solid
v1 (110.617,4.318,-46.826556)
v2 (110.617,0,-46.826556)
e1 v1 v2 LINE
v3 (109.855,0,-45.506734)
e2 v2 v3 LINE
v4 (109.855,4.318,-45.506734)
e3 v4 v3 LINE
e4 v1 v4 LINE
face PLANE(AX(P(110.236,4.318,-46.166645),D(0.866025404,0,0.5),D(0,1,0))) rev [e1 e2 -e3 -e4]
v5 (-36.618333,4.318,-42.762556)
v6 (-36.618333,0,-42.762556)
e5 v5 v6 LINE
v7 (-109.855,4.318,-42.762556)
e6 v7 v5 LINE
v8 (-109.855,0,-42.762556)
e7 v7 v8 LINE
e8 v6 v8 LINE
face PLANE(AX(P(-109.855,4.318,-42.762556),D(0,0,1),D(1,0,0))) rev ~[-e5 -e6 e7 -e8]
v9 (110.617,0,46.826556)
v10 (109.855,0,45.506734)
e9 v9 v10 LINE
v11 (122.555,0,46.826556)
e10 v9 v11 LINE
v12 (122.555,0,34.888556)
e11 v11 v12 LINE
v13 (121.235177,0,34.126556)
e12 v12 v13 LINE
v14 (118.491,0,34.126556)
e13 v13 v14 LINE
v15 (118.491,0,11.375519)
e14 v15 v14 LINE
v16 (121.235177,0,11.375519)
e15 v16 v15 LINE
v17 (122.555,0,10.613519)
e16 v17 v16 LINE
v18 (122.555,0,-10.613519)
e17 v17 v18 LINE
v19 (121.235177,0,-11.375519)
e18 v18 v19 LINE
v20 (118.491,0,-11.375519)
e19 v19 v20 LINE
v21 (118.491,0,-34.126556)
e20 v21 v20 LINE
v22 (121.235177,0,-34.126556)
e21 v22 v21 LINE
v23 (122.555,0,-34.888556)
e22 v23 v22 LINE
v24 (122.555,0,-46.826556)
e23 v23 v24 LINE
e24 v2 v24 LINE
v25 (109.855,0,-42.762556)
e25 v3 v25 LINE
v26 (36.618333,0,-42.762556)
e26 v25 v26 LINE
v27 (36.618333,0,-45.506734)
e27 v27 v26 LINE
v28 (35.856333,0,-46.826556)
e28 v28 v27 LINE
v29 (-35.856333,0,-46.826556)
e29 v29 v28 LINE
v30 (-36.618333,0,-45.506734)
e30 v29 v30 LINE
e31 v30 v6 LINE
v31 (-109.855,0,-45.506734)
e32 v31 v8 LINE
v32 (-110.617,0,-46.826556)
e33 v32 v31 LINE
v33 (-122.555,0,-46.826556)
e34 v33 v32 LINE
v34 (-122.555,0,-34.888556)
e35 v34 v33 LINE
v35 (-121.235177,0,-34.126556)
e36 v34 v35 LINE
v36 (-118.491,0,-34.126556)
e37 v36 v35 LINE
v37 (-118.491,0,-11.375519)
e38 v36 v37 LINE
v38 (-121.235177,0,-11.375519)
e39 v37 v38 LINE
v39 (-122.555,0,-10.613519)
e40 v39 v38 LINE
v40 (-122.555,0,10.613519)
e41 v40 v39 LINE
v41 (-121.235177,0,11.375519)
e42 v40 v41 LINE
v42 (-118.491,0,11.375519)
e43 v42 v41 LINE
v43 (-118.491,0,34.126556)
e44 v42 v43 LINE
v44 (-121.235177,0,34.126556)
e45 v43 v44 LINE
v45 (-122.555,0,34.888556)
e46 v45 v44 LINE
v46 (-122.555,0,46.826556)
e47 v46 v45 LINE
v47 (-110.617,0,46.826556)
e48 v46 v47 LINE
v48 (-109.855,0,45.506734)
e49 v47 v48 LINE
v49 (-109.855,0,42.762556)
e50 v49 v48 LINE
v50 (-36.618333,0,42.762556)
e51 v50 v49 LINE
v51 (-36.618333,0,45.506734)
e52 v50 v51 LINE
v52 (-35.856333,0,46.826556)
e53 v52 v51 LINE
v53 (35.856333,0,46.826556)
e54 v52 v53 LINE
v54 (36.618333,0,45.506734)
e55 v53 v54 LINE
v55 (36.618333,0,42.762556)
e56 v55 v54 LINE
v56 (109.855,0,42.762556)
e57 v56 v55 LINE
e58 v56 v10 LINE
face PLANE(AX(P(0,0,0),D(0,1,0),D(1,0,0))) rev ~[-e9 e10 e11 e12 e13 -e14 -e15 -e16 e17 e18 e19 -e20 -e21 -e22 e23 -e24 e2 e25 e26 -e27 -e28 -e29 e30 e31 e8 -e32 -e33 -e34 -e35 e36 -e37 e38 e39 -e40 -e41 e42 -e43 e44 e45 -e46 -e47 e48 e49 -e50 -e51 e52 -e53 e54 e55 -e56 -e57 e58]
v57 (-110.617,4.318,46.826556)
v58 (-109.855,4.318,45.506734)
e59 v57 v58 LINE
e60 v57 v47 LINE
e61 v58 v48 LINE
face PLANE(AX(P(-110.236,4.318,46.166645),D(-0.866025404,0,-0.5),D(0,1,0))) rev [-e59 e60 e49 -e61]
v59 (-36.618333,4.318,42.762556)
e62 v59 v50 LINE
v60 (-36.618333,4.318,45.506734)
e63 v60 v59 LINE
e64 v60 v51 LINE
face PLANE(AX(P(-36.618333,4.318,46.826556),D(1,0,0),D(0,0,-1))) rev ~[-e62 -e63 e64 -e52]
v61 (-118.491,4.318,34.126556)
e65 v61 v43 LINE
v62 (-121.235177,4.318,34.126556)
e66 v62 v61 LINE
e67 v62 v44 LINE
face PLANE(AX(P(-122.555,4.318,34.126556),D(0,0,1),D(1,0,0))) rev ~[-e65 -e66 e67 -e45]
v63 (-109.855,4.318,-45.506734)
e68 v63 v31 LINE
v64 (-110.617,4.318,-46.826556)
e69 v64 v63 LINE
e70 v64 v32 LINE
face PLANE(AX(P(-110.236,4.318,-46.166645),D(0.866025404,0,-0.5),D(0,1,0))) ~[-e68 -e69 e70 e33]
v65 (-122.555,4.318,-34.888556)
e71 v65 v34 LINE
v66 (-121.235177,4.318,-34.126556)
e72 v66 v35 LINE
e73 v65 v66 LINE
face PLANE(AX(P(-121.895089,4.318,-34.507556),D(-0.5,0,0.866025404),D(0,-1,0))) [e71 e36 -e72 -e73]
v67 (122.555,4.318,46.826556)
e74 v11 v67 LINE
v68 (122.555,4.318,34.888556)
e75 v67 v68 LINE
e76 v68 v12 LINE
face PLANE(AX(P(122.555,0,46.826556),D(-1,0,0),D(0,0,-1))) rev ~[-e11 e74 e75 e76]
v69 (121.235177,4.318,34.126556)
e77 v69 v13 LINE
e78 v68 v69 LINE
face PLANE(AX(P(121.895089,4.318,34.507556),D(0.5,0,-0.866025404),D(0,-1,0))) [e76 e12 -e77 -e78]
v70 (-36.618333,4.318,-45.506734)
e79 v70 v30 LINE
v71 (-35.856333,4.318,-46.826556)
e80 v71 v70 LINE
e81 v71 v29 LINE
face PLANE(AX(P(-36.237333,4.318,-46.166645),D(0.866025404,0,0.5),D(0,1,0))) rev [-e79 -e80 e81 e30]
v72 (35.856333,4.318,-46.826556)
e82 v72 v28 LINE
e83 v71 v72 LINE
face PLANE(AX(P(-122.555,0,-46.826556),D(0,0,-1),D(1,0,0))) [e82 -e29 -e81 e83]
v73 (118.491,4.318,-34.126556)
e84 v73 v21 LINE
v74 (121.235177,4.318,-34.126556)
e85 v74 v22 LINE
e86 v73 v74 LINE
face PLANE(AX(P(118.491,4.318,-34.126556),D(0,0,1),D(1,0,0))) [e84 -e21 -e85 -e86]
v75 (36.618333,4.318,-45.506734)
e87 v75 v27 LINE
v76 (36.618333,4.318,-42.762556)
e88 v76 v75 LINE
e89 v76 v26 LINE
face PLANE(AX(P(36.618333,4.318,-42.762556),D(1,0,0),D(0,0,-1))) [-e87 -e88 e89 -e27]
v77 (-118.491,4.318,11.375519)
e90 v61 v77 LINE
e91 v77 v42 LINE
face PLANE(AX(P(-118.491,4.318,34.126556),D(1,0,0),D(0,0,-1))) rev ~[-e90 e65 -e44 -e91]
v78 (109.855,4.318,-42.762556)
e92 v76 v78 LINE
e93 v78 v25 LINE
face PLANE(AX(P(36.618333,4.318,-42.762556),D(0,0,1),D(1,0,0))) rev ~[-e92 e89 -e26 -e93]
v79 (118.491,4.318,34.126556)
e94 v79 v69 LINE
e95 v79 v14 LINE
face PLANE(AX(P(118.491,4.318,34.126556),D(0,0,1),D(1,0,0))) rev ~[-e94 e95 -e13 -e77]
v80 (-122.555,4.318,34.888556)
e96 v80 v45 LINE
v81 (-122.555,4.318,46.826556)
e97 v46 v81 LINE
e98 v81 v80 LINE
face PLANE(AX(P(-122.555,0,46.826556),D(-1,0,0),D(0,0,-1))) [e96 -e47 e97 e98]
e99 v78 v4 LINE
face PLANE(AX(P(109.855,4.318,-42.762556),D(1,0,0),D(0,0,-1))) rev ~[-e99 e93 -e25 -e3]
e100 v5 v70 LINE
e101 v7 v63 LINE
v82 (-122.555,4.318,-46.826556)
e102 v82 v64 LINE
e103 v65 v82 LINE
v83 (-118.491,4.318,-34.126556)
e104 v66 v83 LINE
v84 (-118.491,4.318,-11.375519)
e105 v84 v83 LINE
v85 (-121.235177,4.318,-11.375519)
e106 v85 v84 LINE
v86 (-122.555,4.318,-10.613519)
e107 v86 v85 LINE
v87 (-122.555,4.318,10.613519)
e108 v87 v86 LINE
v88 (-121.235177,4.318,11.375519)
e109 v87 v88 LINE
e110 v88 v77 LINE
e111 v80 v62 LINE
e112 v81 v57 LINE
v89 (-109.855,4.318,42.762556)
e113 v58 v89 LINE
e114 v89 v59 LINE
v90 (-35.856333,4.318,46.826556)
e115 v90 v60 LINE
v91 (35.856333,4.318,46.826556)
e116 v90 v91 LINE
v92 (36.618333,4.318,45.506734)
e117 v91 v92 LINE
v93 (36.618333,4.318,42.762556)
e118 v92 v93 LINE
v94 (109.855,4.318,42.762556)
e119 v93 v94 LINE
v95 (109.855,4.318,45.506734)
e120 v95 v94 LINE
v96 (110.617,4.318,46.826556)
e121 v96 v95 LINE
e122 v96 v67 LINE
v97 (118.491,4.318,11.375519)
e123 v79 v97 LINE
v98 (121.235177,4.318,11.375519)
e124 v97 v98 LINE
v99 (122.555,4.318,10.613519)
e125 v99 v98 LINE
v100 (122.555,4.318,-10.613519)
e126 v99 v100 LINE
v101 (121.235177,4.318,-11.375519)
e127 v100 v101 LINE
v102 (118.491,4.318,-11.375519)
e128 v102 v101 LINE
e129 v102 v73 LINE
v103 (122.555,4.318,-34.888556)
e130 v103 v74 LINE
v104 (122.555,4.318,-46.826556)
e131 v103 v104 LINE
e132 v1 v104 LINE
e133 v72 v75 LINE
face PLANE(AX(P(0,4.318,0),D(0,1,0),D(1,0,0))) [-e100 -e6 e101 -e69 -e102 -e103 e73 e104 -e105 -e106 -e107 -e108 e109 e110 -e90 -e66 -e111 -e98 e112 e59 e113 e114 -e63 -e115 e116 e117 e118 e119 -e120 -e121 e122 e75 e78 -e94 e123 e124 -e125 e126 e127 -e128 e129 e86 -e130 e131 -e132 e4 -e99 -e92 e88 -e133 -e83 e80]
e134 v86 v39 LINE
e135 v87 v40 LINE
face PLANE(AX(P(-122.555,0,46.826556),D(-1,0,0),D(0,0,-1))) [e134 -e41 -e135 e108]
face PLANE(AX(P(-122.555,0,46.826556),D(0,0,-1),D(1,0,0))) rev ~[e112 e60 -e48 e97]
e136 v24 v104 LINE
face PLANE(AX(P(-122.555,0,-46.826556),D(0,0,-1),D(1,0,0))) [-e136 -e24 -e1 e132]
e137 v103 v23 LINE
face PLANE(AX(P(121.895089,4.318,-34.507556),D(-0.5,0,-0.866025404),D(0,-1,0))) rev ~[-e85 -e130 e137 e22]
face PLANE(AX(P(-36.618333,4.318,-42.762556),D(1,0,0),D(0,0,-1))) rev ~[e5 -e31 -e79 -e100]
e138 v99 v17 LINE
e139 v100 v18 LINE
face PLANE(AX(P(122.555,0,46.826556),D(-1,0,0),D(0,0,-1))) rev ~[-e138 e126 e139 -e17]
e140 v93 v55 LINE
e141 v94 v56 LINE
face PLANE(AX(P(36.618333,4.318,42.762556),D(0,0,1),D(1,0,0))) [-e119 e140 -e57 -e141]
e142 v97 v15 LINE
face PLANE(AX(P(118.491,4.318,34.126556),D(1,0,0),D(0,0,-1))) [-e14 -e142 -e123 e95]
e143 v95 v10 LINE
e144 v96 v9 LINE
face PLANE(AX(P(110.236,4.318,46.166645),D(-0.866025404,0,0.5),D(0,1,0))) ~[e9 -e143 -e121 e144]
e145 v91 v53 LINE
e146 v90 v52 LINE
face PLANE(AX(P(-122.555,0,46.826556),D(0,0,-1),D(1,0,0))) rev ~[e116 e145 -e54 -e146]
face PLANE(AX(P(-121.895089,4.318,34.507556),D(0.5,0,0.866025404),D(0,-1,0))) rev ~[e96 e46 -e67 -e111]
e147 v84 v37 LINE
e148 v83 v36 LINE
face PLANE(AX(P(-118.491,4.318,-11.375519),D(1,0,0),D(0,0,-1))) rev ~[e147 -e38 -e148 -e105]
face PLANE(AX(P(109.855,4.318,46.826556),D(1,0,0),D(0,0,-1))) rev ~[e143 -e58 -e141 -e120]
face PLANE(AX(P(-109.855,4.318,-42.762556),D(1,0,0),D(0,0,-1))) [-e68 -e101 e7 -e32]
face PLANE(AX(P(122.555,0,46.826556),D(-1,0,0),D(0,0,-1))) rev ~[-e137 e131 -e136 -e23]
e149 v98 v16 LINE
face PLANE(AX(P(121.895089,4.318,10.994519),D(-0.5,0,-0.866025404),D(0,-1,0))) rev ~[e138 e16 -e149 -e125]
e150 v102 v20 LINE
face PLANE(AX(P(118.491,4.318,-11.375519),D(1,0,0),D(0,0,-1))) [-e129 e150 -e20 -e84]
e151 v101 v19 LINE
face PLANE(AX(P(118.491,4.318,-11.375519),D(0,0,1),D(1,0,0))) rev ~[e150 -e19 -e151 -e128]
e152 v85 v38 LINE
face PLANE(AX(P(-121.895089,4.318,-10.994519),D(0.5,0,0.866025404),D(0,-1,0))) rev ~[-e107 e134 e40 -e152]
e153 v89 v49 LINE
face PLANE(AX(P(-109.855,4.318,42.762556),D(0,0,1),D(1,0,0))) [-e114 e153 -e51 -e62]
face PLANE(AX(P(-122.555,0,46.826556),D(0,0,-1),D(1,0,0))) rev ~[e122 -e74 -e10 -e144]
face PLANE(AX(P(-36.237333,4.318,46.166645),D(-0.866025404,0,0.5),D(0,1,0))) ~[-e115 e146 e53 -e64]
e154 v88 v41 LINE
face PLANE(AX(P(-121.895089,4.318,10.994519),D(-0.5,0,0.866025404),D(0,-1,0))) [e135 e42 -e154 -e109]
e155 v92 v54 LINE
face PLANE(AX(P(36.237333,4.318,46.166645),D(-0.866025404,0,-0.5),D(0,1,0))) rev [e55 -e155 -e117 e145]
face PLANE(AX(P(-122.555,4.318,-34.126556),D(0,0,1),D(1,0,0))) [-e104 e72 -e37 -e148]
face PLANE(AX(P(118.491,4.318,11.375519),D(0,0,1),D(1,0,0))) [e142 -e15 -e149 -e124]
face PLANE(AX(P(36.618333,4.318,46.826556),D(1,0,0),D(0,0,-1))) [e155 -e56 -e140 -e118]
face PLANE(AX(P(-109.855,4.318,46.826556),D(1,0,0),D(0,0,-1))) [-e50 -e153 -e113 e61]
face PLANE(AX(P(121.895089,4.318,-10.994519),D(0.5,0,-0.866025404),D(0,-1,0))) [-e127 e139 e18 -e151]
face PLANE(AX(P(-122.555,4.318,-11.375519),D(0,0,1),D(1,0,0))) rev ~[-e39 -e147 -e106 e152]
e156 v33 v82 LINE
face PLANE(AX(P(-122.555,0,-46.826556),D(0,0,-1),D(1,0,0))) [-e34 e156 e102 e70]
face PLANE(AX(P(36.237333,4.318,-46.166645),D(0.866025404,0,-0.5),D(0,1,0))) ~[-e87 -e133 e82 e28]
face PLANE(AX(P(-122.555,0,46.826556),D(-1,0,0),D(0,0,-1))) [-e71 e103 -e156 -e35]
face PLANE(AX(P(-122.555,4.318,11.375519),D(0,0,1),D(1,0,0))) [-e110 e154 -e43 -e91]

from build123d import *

# Parameters (mm, degrees)
SKETCH1_W             = 245.11
SKETCH1_H             = 93.653112922
BOSS_EXTRUDE1_DEPTH   = 4.318
CUT_EXTRUDE1_REACH    = 6.318
SKETCH2_W             = 4.064
SKETCH2_H             = 22.751037641
SKETCH2_W_2           = 73.236666667
SKETCH2_H_2           = 4.064
CHAMFER1_SIZE         = 0.762
CHAMFER1_SIZE2        = 1.319822715
CHAMFER1_PART_2_SIZE  = 0.762
CHAMFER1_PART_2_SIZE2 = 1.319822715
CHAMFER1_PART_3_SIZE  = 0.762
CHAMFER1_PART_3_SIZE2 = 1.319822715
CHAMFER1_PART_4_SIZE  = 0.762
CHAMFER1_PART_4_SIZE2 = 1.319822715
CHAMFER1_PART_5_SIZE  = 0.762
CHAMFER1_PART_5_SIZE2 = 1.319822715
CHAMFER1_PART_6_SIZE  = 0.762
CHAMFER1_PART_6_SIZE2 = 1.319822715
CHAMFER1_PART_7_SIZE  = 0.762
CHAMFER1_PART_7_SIZE2 = 1.319822715
CHAMFER1_PART_8_SIZE  = 0.762
CHAMFER1_PART_8_SIZE2 = 1.319822715
CHAMFER2_SIZE         = 0.762
CHAMFER2_SIZE2        = 1.319822715
CHAMFER2_PART_2_SIZE  = 0.762
CHAMFER2_PART_2_SIZE2 = 1.319822715
CHAMFER2_PART_3_SIZE  = 0.762
CHAMFER2_PART_3_SIZE2 = 1.319822715
CHAMFER2_PART_4_SIZE  = 0.762
CHAMFER2_PART_4_SIZE2 = 1.319822715
CHAMFER2_PART_5_SIZE  = 0.762
CHAMFER2_PART_5_SIZE2 = 1.319822715
CHAMFER2_PART_6_SIZE  = 0.762
CHAMFER2_PART_6_SIZE2 = 1.319822715
CHAMFER2_PART_7_SIZE  = 0.762
CHAMFER2_PART_7_SIZE2 = 1.319822715
CHAMFER2_PART_8_SIZE  = 0.762
CHAMFER2_PART_8_SIZE2 = 1.319822715


with BuildPart() as part:
    # Sketch1 → Boss-Extrude1 (new body)
    with BuildSketch(Plane(origin=(0, 0, 0), x_dir=(1, 0, 0), z_dir=(0, 1, 0))):
        Rectangle(SKETCH1_W, SKETCH1_H)
    extrude(amount=BOSS_EXTRUDE1_DEPTH)

    # Sketch2 → Cut-Extrude1 (cut, up to next)
    with BuildSketch(Plane(origin=(0, 4.318, 0), x_dir=(1, 0, 0), z_dir=(0, 1, 0)), mode=Mode.PRIVATE) as cut_extrude1_sk1:
        with Locations((-120.523, 22.751037641)):
            Rectangle(SKETCH2_W, SKETCH2_H)
    cut_extrude1_tool1 = extrude(cut_extrude1_sk1.sketch, amount=-CUT_EXTRUDE1_REACH, mode=Mode.PRIVATE) & part.part
    add(cut_extrude1_tool1.solids().sort_by_distance((-120.523, 4.318, -22.751038))[0], mode=Mode.SUBTRACT)
    # Sketch2 → Cut-Extrude1 (cut, up to next)
    with BuildSketch(Plane(origin=(0, 4.318, 0), x_dir=(1, 0, 0), z_dir=(0, 1, 0)), mode=Mode.PRIVATE) as cut_extrude1_sk2:
        with Locations((-73.236666666, -44.794556461)):
            Rectangle(SKETCH2_W_2, SKETCH2_H_2)
    cut_extrude1_tool2 = extrude(cut_extrude1_sk2.sketch, amount=-CUT_EXTRUDE1_REACH, mode=Mode.PRIVATE) & part.part
    add(cut_extrude1_tool2.solids().sort_by_distance((-73.236667, 4.318, 44.794556))[0], mode=Mode.SUBTRACT)
    # Sketch2 → Cut-Extrude1 (cut, up to next)
    with BuildSketch(Plane(origin=(0, 4.318, 0), x_dir=(1, 0, 0), z_dir=(0, 1, 0)), mode=Mode.PRIVATE) as cut_extrude1_sk3:
        with Locations((73.236666666, -44.794556461)):
            Rectangle(SKETCH2_W_2, SKETCH2_H_2)
    cut_extrude1_tool3 = extrude(cut_extrude1_sk3.sketch, amount=-CUT_EXTRUDE1_REACH, mode=Mode.PRIVATE) & part.part
    add(cut_extrude1_tool3.solids().sort_by_distance((73.236667, 4.318, 44.794556))[0], mode=Mode.SUBTRACT)
    # Sketch2 → Cut-Extrude1 (cut, up to next)
    with BuildSketch(Plane(origin=(0, 4.318, 0), x_dir=(1, 0, 0), z_dir=(0, 1, 0)), mode=Mode.PRIVATE) as cut_extrude1_sk4:
        with Locations((-120.523, -22.751037641)):
            Rectangle(SKETCH2_W, SKETCH2_H)
    cut_extrude1_tool4 = extrude(cut_extrude1_sk4.sketch, amount=-CUT_EXTRUDE1_REACH, mode=Mode.PRIVATE) & part.part
    add(cut_extrude1_tool4.solids().sort_by_distance((-120.523, 4.318, 22.751038))[0], mode=Mode.SUBTRACT)
    # Sketch2 → Cut-Extrude1 (cut, up to next)
    with BuildSketch(Plane(origin=(0, 4.318, 0), x_dir=(1, 0, 0), z_dir=(0, 1, 0)), mode=Mode.PRIVATE) as cut_extrude1_sk5:
        with Locations((-73.236666666, 44.794556461)):
            Rectangle(SKETCH2_W_2, SKETCH2_H_2)
    cut_extrude1_tool5 = extrude(cut_extrude1_sk5.sketch, amount=-CUT_EXTRUDE1_REACH, mode=Mode.PRIVATE) & part.part
    add(cut_extrude1_tool5.solids().sort_by_distance((-73.236667, 4.318, -44.794556))[0], mode=Mode.SUBTRACT)
    # Sketch2 → Cut-Extrude1 (cut, up to next)
    with BuildSketch(Plane(origin=(0, 4.318, 0), x_dir=(1, 0, 0), z_dir=(0, 1, 0)), mode=Mode.PRIVATE) as cut_extrude1_sk6:
        with Locations((73.236666666, 44.794556461)):
            Rectangle(SKETCH2_W_2, SKETCH2_H_2)
    cut_extrude1_tool6 = extrude(cut_extrude1_sk6.sketch, amount=-CUT_EXTRUDE1_REACH, mode=Mode.PRIVATE) & part.part
    add(cut_extrude1_tool6.solids().sort_by_distance((73.236667, 4.318, -44.794556))[0], mode=Mode.SUBTRACT)
    # Sketch2 → Cut-Extrude1 (cut, up to next)
    with BuildSketch(Plane(origin=(0, 4.318, 0), x_dir=(1, 0, 0), z_dir=(0, 1, 0)), mode=Mode.PRIVATE) as cut_extrude1_sk7:
        with Locations((120.523, 22.751037641)):
            Rectangle(SKETCH2_W, SKETCH2_H)
    cut_extrude1_tool7 = extrude(cut_extrude1_sk7.sketch, amount=-CUT_EXTRUDE1_REACH, mode=Mode.PRIVATE) & part.part
    add(cut_extrude1_tool7.solids().sort_by_distance((120.523, 4.318, -22.751038))[0], mode=Mode.SUBTRACT)
    # Sketch2 → Cut-Extrude1 (cut, up to next)
    with BuildSketch(Plane(origin=(0, 4.318, 0), x_dir=(1, 0, 0), z_dir=(0, 1, 0)), mode=Mode.PRIVATE) as cut_extrude1_sk8:
        with Locations((120.523, -22.751037641)):
            Rectangle(SKETCH2_W, SKETCH2_H)
    cut_extrude1_tool8 = extrude(cut_extrude1_sk8.sketch, amount=-CUT_EXTRUDE1_REACH, mode=Mode.PRIVATE) & part.part
    add(cut_extrude1_tool8.solids().sort_by_distance((120.523, 4.318, 22.751038))[0], mode=Mode.SUBTRACT)

    # Chamfer1
    chamfer1_edges = [part.edges().sort_by_distance(p)[0] for p in [
        (109.855, 2.159, -46.826556461),
    ]]
    chamfer1_side = [part.faces().sort_by_distance(p)[0] for p in [
        (116.205, 2.159, -46.826556461),
    ]]
    chamfer(chamfer1_edges, length=CHAMFER1_SIZE, length2=CHAMFER1_SIZE2, reference=chamfer1_side[0])

    # Chamfer1 part 2
    chamfer1_part_2_edges = [part.edges().sort_by_distance(p)[0] for p in [
        (-109.855, 2.159, 46.826556461),
    ]]
    chamfer1_part_2_side = [part.faces().sort_by_distance(p)[0] for p in [
        (-116.205, 2.159, 46.826556461),
    ]]
    chamfer(chamfer1_part_2_edges, length=CHAMFER1_PART_2_SIZE, length2=CHAMFER1_PART_2_SIZE2, reference=chamfer1_part_2_side[0])

    # Chamfer1 part 3
    chamfer1_part_3_edges = [part.edges().sort_by_distance(p)[0] for p in [
        (-36.618333333, 2.159, -46.826556461),
    ]]
    chamfer1_part_3_side = [part.faces().sort_by_distance(p)[0] for p in [
        (0, 2.159, -46.826556461),
    ]]
    chamfer(chamfer1_part_3_edges, length=CHAMFER1_PART_3_SIZE, length2=CHAMFER1_PART_3_SIZE2, reference=chamfer1_part_3_side[0])

    # Chamfer1 part 4
    chamfer1_part_4_edges = [part.edges().sort_by_distance(p)[0] for p in [
        (-122.555, 2.159, 11.37551882),
    ]]
    chamfer1_part_4_side = [part.faces().sort_by_distance(p)[0] for p in [
        (-122.555, 2.159, 0),
    ]]
    chamfer(chamfer1_part_4_edges, length=CHAMFER1_PART_4_SIZE, length2=CHAMFER1_PART_4_SIZE2, reference=chamfer1_part_4_side[0])

    # Chamfer1 part 5
    chamfer1_part_5_edges = [part.edges().sort_by_distance(p)[0] for p in [
        (122.555, 2.159, 34.126556461),
    ]]
    chamfer1_part_5_side = [part.faces().sort_by_distance(p)[0] for p in [
        (122.555, 2.159, 40.476556461),
    ]]
    chamfer(chamfer1_part_5_edges, length=CHAMFER1_PART_5_SIZE, length2=CHAMFER1_PART_5_SIZE2, reference=chamfer1_part_5_side[0])

    # Chamfer1 part 6
    chamfer1_part_6_edges = [part.edges().sort_by_distance(p)[0] for p in [
        (122.555, 2.159, -11.37551882),
    ]]
    chamfer1_part_6_side = [part.faces().sort_by_distance(p)[0] for p in [
        (122.555, 2.159, 0),
    ]]
    chamfer(chamfer1_part_6_edges, length=CHAMFER1_PART_6_SIZE, length2=CHAMFER1_PART_6_SIZE2, reference=chamfer1_part_6_side[0])

    # Chamfer1 part 7
    chamfer1_part_7_edges = [part.edges().sort_by_distance(p)[0] for p in [
        (36.618333333, 2.159, 46.826556461),
    ]]
    chamfer1_part_7_side = [part.faces().sort_by_distance(p)[0] for p in [
        (0, 2.159, 46.826556461),
    ]]
    chamfer(chamfer1_part_7_edges, length=CHAMFER1_PART_7_SIZE, length2=CHAMFER1_PART_7_SIZE2, reference=chamfer1_part_7_side[0])

    # Chamfer1 part 8
    chamfer1_part_8_edges = [part.edges().sort_by_distance(p)[0] for p in [
        (-122.555, 2.159, -34.126556461),
    ]]
    chamfer1_part_8_side = [part.faces().sort_by_distance(p)[0] for p in [
        (-122.555, 2.159, -40.476556461),
    ]]
    chamfer(chamfer1_part_8_edges, length=CHAMFER1_PART_8_SIZE, length2=CHAMFER1_PART_8_SIZE2, reference=chamfer1_part_8_side[0])

    # Chamfer2
    chamfer2_edges = [part.edges().sort_by_distance(p)[0] for p in [
        (36.618333333, 2.159, -46.826556461),
    ]]
    chamfer2_side = [part.faces().sort_by_distance(p)[0] for p in [
        (0.381, 2.159, -46.826556461),
    ]]
    chamfer(chamfer2_edges, length=CHAMFER2_SIZE, length2=CHAMFER2_SIZE2, reference=chamfer2_side[0])

    # Chamfer2 part 2
    chamfer2_part_2_edges = [part.edges().sort_by_distance(p)[0] for p in [
        (-36.618333333, 2.159, 46.826556461),
    ]]
    chamfer2_part_2_side = [part.faces().sort_by_distance(p)[0] for p in [
        (-0.381, 2.159, 46.826556461),
    ]]
    chamfer(chamfer2_part_2_edges, length=CHAMFER2_PART_2_SIZE, length2=CHAMFER2_PART_2_SIZE2, reference=chamfer2_part_2_side[0])

    # Chamfer2 part 3
    chamfer2_part_3_edges = [part.edges().sort_by_distance(p)[0] for p in [
        (-109.855, 2.159, -46.826556461),
    ]]
    chamfer2_part_3_side = [part.faces().sort_by_distance(p)[0] for p in [
        (-116.205, 2.159, -46.826556461),
    ]]
    chamfer(chamfer2_part_3_edges, length=CHAMFER2_PART_3_SIZE, length2=CHAMFER2_PART_3_SIZE2, reference=chamfer2_part_3_side[0])

    # Chamfer2 part 4
    chamfer2_part_4_edges = [part.edges().sort_by_distance(p)[0] for p in [
        (-122.555, 2.159, 34.126556461),
    ]]
    chamfer2_part_4_side = [part.faces().sort_by_distance(p)[0] for p in [
        (-122.555, 2.159, 40.476556461),
    ]]
    chamfer(chamfer2_part_4_edges, length=CHAMFER2_PART_4_SIZE, length2=CHAMFER2_PART_4_SIZE2, reference=chamfer2_part_4_side[0])

    # Chamfer2 part 5
    chamfer2_part_5_edges = [part.edges().sort_by_distance(p)[0] for p in [
        (122.555, 2.159, 11.37551882),
    ]]
    chamfer2_part_5_side = [part.faces().sort_by_distance(p)[0] for p in [
        (122.555, 2.159, 0.381),
    ]]
    chamfer(chamfer2_part_5_edges, length=CHAMFER2_PART_5_SIZE, length2=CHAMFER2_PART_5_SIZE2, reference=chamfer2_part_5_side[0])

    # Chamfer2 part 6
    chamfer2_part_6_edges = [part.edges().sort_by_distance(p)[0] for p in [
        (122.555, 2.159, -34.126556461),
    ]]
    chamfer2_part_6_side = [part.faces().sort_by_distance(p)[0] for p in [
        (122.555, 2.159, -40.476556461),
    ]]
    chamfer(chamfer2_part_6_edges, length=CHAMFER2_PART_6_SIZE, length2=CHAMFER2_PART_6_SIZE2, reference=chamfer2_part_6_side[0])

    # Chamfer2 part 7
    chamfer2_part_7_edges = [part.edges().sort_by_distance(p)[0] for p in [
        (109.855, 2.159, 46.826556461),
    ]]
    chamfer2_part_7_side = [part.faces().sort_by_distance(p)[0] for p in [
        (116.205, 2.159, 46.826556461),
    ]]
    chamfer(chamfer2_part_7_edges, length=CHAMFER2_PART_7_SIZE, length2=CHAMFER2_PART_7_SIZE2, reference=chamfer2_part_7_side[0])

    # Chamfer2 part 8
    chamfer2_part_8_edges = [part.edges().sort_by_distance(p)[0] for p in [
        (-122.555, 2.159, -11.37551882),
    ]]
    chamfer2_part_8_side = [part.faces().sort_by_distance(p)[0] for p in [
        (-122.555, 2.159, -0.381),
    ]]
    chamfer(chamfer2_part_8_edges, length=CHAMFER2_PART_8_SIZE, length2=CHAMFER2_PART_8_SIZE2, reference=chamfer2_part_8_side[0])


solid = part.part
